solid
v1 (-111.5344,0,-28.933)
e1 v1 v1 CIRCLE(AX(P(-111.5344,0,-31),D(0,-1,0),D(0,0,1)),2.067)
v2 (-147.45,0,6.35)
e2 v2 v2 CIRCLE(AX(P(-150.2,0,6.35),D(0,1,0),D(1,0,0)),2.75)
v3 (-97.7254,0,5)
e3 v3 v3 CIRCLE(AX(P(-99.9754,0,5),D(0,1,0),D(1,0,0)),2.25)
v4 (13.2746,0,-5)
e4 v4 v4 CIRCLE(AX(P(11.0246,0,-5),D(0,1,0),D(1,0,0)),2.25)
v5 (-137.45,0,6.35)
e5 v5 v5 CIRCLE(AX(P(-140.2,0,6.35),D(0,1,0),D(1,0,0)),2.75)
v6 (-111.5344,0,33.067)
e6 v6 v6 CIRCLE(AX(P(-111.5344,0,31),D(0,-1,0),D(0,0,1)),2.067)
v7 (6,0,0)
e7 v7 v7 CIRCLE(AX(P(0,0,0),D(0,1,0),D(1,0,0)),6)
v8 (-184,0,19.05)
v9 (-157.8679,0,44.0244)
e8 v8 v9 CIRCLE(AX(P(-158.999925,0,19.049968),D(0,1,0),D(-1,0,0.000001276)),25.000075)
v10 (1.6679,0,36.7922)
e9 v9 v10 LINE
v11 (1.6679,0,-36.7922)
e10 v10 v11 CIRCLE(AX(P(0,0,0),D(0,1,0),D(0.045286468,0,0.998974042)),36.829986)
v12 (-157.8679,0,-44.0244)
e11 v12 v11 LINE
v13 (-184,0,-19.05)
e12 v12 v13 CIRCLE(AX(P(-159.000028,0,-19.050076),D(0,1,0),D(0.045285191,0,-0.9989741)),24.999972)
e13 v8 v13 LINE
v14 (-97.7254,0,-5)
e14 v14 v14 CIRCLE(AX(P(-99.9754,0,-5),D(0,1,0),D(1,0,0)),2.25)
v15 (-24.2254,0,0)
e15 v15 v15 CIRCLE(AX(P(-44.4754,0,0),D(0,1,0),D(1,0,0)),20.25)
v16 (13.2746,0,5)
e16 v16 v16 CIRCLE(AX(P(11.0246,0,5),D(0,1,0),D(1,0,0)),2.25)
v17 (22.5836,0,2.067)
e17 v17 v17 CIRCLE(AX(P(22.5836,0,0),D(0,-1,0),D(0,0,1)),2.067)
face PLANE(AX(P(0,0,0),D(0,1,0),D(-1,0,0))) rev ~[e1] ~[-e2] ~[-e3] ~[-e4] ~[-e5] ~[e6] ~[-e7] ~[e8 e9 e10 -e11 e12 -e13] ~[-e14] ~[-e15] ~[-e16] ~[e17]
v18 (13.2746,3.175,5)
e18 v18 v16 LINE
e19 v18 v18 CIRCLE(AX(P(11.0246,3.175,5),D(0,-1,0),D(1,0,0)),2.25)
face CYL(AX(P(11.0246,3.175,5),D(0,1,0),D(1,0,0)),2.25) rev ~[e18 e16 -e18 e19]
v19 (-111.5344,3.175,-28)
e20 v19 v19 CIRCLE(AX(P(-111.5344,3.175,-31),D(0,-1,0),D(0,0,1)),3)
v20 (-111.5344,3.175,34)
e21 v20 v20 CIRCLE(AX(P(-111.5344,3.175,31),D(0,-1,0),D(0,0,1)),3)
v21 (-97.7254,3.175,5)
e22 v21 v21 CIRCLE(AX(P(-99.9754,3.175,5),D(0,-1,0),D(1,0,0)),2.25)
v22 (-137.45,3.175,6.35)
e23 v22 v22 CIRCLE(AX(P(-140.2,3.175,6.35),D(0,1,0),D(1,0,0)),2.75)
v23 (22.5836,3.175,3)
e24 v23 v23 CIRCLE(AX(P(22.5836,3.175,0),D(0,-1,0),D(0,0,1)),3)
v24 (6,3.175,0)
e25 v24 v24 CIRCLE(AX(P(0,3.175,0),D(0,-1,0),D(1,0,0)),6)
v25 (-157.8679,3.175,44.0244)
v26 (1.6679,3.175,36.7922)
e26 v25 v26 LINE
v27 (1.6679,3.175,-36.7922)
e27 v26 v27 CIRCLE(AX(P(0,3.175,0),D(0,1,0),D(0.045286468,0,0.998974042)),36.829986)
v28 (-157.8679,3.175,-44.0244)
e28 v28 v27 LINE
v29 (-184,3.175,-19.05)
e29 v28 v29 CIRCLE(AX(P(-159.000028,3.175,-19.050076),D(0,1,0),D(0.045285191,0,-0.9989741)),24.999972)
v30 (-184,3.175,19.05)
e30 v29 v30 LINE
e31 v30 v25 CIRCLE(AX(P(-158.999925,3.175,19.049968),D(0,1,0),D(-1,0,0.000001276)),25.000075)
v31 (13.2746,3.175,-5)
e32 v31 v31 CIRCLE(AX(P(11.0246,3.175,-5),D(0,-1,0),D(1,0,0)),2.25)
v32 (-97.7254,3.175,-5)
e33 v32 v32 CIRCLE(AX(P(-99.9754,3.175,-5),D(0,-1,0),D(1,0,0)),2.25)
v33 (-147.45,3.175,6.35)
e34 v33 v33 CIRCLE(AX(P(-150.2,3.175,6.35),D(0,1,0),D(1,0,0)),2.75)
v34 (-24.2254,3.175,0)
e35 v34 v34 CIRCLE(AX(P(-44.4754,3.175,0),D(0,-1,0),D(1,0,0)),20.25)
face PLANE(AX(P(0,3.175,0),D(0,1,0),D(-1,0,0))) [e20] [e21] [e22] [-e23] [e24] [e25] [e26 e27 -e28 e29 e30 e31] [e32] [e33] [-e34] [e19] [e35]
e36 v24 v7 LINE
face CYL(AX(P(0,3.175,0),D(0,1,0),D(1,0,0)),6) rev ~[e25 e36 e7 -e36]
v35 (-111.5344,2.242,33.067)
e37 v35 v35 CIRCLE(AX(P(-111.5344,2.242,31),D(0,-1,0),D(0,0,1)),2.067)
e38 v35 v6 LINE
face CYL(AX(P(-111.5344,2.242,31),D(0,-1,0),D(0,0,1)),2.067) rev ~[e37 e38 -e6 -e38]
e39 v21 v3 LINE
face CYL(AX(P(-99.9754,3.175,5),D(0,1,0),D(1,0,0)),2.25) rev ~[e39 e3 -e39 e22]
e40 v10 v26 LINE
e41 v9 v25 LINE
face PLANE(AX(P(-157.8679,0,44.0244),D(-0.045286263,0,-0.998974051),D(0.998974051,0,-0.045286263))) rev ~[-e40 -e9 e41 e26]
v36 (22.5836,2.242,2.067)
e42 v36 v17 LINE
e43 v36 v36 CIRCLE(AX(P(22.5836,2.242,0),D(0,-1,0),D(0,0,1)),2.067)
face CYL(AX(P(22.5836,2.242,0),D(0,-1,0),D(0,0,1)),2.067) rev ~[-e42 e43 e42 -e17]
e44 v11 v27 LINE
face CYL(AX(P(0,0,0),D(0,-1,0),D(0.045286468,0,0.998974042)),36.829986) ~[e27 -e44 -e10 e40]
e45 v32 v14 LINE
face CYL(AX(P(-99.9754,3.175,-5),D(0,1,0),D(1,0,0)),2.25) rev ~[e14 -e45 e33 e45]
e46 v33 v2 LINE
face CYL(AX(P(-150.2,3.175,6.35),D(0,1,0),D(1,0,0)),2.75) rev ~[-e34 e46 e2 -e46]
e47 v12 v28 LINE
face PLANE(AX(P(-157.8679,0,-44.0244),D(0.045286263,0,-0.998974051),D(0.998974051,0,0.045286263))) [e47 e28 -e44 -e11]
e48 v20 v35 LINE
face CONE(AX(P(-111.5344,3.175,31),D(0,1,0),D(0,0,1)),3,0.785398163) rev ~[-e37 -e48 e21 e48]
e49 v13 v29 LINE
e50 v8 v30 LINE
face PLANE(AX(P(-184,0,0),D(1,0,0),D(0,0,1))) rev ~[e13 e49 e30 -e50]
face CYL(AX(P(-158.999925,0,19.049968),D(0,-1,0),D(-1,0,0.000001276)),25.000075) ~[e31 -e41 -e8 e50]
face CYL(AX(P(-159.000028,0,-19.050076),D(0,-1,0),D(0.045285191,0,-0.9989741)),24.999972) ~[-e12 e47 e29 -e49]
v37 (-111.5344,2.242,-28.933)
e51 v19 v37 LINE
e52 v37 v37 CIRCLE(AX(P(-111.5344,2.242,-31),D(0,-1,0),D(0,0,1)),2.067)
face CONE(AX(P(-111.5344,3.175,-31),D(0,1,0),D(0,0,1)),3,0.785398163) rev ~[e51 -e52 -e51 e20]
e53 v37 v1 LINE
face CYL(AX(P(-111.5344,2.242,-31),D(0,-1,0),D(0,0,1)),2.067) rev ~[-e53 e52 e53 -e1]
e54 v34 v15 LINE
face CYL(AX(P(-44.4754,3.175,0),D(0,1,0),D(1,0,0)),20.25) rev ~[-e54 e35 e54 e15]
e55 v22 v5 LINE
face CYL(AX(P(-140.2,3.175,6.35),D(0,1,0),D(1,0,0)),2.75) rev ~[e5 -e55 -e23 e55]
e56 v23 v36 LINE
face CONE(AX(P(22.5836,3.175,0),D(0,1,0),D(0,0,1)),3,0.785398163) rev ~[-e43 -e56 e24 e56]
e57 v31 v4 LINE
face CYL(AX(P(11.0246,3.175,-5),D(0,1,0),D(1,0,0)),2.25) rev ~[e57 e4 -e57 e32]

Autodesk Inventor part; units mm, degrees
ref_plane "YZ Plane" through (0, 0, 0) normal (1, 0, 0) x (0, 1, 0)
ref_plane "XZ Plane" through (0, 0, 0) normal (0, 1, 0) x (-1, 0, 0)
ref_plane "XY Plane" through (0, 0, 0) normal (0, 0, 1) x (1, 0, 0)
sketch "Sketch1" plane through (0, 0, 0) normal (0, 1, 0) x (-1, 0, 0)
  arc A0 (-1.6679, 36.7922) -> (-1.6679, -36.7922) centre (0, 0) ccw
  arc A1 (157.8679, -44.0244) -> (184, -19.05) centre (159, -19.05) ccw
  arc A2 (184, 19.05) -> (157.8679, 44.0244) centre (159, 19.05) ccw
  line L0 (157.8679, -44.0244) -> (-1.6679, -36.7922)
  line L1 (157.8679, 44.0244) -> (-1.6679, 36.7922)
  line L2 (184, -19.05) -> (184, 19.05)
  line L3 (0, 0) -> (1115.1702, 0)
  dimension "d0" = 50
  dimension "d1" = 159
  dimension "d2" = 38.1
  dimension "d3" = 36.83
extrude "Main" add sketch "Sketch1" along normal blind 3.175
sketch "Sketch2" plane through (0, 3.175, 0) normal (0, 1, 0) x (1, 0, 0)
  circle A0 centre (0, 0) radius 6
  circle A1 centre (-44.4754, 0) radius 20.25
  arc A2 (-184, -19.05) -> (-157.8679, -44.0244) centre (-159, -19.05) ccw projected
  arc A3 (-157.8679, 44.0244) -> (-184, 19.05) centre (-159, 19.05) ccw projected
  line L0 (0, 0) -> (-245.2379, 0)
  circle A4 centre (-44.4754, 0) radius 47.5
  line L1 (3.0246, 0) -> (11.0246, 0)
  line L2 (11.0246, 0) -> (11.0246, 5)
  line L3 (11.0246, 5) -> (11.0246, -5)
  line L4 (-91.9754, 0) -> (-99.9754, 0)
  line L5 (-99.9754, 0) -> (-99.9754, 5)
  line L6 (-99.9754, 5) -> (-99.9754, -5)
  circle A5 centre (-99.9754, 5) radius 2.25
  circle A6 centre (-99.9754, -5) radius 2.25
  circle A7 centre (11.0246, 5) radius 2.25
  circle A8 centre (11.0246, -5) radius 2.25
  dimension "d6" = 40.5
  dimension "d40" = 12
  dimension "d41" = 44.4754
  dimension "d77" = 95
  dimension "d78" = 8
  dimension "d79" = 5
  dimension "d80" = 10
  dimension "d81" = 8
  dimension "d82" = 5
  dimension "d83" = 10
  dimension "d84" = 4.5
  dimension "d85" = 4.5
  dimension "d86" = 4.5
  dimension "d87" = 4.5
extrude "Axis Holes" cut sketch "Sketch2" against normal through all contours L1 A4 A0 | A6 | A5 | A0 A4 L1 | A7 | A8 | A4 A0 | L0 A1 | A1 L0
sketch "Sketch5" plane through (0, 3.175, 0) normal (0, 1, 0) x (1, 0, 0)
  line L0 (-133.2, -6.35) -> (-133.2, 29.1375) construction
  line L1 (-184, 19.05) -> (-184, -19.05) construction
  circle A0 centre (-140.2, -6.35) radius 2.75
  circle A1 centre (-150.2, -6.35) radius 2.75
  point P0 (0, 0)
  dimension "d43" = 50.8
  dimension "d44" = 7
  dimension "d45" = 10
  dimension "d46" = 5.5
extrude "Extrusion6" cut sketch "Sketch5" against normal through all
sketch "Sketch9" plane through (0, 3.175, 0) normal (0, 1, 0) x (1, 0, 0)
  circle A0 centre (-44.4754, 0) radius 20.25 projected
  point P0 (0, 0)
  point P1 (-12.3688, -17.5481)
  point P2 (-111.5344, -31)
  point P3 (-111.5344, 31)
  point P4 (22.5836, 0)
  dimension "d73" = 67.059
  dimension "d74" = 67.059
  dimension "d75" = 31
  dimension "d76" = 31
hole "Hole1" at (-111.5344, 3.175, 31) at (-111.5344, 3.175, -31) at (22.5836, 3.175, 0) direction (0, -1, 0) diameter 4.134 end through all countersink diameter 6 countersink angle 90 thread size "M5x0.8" class "6H" standard "ISO Metric profile"
properties part number "Wrist Side Brase" material "Aluminum 6061"
